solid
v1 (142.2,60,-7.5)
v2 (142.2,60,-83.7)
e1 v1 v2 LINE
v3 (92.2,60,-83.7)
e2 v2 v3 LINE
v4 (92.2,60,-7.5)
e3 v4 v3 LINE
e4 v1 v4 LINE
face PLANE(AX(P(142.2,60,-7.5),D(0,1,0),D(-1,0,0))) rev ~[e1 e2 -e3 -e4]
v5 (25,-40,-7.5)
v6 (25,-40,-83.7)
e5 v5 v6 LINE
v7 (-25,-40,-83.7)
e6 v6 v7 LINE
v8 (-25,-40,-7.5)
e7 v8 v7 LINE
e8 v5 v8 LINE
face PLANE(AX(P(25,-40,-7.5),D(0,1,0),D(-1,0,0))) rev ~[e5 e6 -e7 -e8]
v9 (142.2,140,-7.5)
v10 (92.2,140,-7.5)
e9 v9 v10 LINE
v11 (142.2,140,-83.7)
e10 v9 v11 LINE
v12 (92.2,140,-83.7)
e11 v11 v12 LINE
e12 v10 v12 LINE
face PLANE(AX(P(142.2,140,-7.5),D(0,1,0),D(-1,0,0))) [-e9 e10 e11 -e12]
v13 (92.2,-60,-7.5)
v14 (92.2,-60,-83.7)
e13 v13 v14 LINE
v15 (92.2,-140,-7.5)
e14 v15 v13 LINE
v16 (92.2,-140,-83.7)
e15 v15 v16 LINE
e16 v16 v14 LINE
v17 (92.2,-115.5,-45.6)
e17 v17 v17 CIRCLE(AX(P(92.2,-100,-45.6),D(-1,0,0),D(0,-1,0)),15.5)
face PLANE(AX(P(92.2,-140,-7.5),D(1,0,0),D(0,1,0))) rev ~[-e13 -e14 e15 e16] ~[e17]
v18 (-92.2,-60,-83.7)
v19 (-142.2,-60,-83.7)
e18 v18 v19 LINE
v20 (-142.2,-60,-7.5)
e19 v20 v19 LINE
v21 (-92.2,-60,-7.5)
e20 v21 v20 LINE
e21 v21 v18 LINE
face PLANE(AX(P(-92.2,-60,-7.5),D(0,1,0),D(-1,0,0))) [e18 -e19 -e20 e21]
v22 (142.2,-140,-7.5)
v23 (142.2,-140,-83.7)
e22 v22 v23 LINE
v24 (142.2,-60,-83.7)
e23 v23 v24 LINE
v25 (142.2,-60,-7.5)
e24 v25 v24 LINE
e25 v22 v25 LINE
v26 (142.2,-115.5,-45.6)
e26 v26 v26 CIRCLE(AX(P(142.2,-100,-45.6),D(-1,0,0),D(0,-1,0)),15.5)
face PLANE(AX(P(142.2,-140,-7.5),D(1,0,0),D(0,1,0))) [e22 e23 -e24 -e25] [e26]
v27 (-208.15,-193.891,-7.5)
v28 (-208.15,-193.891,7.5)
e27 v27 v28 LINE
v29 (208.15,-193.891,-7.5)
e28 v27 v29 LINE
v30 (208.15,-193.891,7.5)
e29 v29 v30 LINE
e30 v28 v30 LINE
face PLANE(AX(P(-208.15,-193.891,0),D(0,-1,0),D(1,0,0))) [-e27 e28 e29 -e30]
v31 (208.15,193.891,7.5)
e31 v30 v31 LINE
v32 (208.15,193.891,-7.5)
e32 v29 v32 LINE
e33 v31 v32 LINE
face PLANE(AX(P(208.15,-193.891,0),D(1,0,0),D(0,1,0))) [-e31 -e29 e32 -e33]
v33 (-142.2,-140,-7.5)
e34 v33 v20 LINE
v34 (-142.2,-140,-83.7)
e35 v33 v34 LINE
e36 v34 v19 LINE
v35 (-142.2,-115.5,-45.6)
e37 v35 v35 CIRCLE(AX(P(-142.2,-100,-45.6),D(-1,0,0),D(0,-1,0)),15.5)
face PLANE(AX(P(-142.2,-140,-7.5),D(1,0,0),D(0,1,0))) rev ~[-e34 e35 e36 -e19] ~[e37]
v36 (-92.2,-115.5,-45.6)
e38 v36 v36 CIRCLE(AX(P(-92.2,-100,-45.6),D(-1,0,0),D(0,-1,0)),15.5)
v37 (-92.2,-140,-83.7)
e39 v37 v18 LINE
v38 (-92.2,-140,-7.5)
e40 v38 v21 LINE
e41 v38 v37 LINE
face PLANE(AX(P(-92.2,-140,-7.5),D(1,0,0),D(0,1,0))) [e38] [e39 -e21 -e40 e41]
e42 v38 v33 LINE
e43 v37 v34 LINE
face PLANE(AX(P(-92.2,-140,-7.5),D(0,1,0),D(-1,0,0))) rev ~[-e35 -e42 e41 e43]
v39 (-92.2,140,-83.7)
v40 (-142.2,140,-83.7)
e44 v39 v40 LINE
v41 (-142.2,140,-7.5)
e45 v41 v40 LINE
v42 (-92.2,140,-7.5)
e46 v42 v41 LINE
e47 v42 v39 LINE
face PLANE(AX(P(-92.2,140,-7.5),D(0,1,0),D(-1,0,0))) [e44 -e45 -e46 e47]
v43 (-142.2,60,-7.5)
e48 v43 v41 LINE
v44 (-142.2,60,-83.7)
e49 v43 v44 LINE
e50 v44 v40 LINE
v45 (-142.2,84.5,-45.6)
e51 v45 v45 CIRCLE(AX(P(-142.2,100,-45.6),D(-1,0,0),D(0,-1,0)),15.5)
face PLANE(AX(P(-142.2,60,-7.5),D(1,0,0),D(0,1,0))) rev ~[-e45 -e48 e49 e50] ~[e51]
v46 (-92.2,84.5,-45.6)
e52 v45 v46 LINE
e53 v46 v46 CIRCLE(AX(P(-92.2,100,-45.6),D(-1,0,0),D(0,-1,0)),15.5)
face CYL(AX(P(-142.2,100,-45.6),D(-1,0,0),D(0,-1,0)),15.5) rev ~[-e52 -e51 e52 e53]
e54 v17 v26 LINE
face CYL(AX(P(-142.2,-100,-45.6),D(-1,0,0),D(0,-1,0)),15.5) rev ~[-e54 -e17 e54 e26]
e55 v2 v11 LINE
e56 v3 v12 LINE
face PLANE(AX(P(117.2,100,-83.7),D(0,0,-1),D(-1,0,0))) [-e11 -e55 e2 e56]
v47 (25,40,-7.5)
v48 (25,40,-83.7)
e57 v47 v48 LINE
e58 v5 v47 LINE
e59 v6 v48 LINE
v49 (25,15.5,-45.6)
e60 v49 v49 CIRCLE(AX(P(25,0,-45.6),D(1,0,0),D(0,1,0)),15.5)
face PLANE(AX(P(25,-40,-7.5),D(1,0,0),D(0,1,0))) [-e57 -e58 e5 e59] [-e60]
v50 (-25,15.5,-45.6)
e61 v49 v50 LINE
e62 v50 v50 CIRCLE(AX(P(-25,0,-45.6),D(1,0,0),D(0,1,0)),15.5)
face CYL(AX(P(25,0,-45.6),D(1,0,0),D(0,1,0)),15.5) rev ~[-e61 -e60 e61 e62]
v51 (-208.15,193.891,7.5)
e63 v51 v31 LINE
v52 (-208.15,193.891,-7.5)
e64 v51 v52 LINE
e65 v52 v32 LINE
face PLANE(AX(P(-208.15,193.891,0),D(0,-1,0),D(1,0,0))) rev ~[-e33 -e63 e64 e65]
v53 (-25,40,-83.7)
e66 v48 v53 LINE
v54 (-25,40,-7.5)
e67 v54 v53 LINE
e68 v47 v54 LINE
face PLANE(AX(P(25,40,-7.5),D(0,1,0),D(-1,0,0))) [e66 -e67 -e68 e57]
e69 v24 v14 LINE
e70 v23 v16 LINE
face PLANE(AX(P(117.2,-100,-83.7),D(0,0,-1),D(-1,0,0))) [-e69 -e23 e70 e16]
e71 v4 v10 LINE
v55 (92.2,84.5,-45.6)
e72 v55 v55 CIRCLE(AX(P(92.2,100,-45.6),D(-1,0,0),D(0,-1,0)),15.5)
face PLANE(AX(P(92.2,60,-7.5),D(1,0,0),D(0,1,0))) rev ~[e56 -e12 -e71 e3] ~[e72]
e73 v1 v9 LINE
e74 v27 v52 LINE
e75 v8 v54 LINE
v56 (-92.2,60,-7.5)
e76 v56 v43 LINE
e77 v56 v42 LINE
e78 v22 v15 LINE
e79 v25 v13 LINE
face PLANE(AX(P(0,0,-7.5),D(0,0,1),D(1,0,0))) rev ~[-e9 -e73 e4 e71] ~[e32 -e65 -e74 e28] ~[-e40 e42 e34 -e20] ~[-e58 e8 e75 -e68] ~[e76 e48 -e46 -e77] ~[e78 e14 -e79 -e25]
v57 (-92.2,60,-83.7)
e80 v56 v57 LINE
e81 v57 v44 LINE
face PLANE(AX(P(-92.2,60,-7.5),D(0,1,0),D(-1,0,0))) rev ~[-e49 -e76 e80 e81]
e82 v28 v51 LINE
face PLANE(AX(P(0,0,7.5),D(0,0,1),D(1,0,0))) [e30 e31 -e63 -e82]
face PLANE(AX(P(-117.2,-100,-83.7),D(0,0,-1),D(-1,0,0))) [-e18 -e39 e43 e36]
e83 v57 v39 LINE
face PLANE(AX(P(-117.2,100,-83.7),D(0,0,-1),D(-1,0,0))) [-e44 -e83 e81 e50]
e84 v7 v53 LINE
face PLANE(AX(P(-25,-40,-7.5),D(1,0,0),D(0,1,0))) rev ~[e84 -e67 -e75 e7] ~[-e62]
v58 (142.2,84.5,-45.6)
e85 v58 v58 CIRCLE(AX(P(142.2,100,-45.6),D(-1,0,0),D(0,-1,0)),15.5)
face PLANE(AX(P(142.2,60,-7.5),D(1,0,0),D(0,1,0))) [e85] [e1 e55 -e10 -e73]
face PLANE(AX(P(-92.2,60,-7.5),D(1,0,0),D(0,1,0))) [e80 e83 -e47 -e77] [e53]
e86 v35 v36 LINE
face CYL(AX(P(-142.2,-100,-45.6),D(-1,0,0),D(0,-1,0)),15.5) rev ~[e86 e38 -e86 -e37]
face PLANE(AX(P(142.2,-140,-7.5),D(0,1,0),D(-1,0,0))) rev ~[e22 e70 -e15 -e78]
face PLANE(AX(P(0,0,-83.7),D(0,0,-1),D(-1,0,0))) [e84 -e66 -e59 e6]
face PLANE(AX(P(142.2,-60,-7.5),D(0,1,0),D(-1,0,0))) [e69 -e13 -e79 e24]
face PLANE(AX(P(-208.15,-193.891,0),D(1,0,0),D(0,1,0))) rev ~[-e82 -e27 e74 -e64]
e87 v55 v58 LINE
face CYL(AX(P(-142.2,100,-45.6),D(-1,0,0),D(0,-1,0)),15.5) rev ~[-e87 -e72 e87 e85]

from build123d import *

# Parameters (mm, degrees)
SKETCH1_W           = 416.3
SKETCH1_H           = 387.782
BOSS_EXTRUDE1_DEPTH = 7.5
SKETCH3_W           = 50
SKETCH3_H           = 80
BOSS_EXTRUDE2_DEPTH = 76.2
SKETCH5_R           = 15.5
CUT_EXTRUDE1_DEPTH  = 410.077660574
SKETCH6_R           = 15.5
CUT_EXTRUDE2_DEPTH  = 315.576433289


with BuildPart() as part:
    # Sketch1 → Boss-Extrude1 (new, symmetric)
    with BuildSketch(Plane.XY):
        Rectangle(SKETCH1_W, SKETCH1_H)
    extrude(amount=BOSS_EXTRUDE1_DEPTH, both=True)

    # Sketch3 → Boss-Extrude2 (add)
    with BuildSketch(Plane(origin=(0, 0, -7.5), x_dir=(-1, 0, 0), z_dir=(0, 0, -1))):
        with Locations((117.2, 100)):
            Rectangle(SKETCH3_W, SKETCH3_H)
        with Locations((117.2, -100)):
            Rectangle(SKETCH3_W, SKETCH3_H)
        with Locations((-117.2, -100)):
            Rectangle(SKETCH3_W, SKETCH3_H)
        with Locations((-117.2, 100)):
            Rectangle(SKETCH3_W, SKETCH3_H)
        Rectangle(SKETCH3_W, SKETCH3_H)
    extrude(amount=BOSS_EXTRUDE2_DEPTH)

    # Sketch5 → Cut-Extrude1 (cut, through all)
    with BuildSketch(Plane.ZY.offset(142.2)):
        with Locations(Location((-45.6, 100, 0), (0, 0, 270))):
            Circle(SKETCH5_R)
        with Locations(Location((-45.6, -100, 0), (0, 0, 270))):
            Circle(SKETCH5_R)
    extrude(amount=-CUT_EXTRUDE1_DEPTH, mode=Mode.SUBTRACT)

    # Sketch6 → Cut-Extrude2 (cut, through all)
    with BuildSketch(Plane(origin=(25, 0, 0), x_dir=(0, 0, -1), z_dir=(1, 0, 0))):
        with Locations(Location((45.6, 0, 0), (0, 0, 90))):
            Circle(SKETCH6_R)
    extrude(amount=-CUT_EXTRUDE2_DEPTH, mode=Mode.SUBTRACT)


solid = part.part
